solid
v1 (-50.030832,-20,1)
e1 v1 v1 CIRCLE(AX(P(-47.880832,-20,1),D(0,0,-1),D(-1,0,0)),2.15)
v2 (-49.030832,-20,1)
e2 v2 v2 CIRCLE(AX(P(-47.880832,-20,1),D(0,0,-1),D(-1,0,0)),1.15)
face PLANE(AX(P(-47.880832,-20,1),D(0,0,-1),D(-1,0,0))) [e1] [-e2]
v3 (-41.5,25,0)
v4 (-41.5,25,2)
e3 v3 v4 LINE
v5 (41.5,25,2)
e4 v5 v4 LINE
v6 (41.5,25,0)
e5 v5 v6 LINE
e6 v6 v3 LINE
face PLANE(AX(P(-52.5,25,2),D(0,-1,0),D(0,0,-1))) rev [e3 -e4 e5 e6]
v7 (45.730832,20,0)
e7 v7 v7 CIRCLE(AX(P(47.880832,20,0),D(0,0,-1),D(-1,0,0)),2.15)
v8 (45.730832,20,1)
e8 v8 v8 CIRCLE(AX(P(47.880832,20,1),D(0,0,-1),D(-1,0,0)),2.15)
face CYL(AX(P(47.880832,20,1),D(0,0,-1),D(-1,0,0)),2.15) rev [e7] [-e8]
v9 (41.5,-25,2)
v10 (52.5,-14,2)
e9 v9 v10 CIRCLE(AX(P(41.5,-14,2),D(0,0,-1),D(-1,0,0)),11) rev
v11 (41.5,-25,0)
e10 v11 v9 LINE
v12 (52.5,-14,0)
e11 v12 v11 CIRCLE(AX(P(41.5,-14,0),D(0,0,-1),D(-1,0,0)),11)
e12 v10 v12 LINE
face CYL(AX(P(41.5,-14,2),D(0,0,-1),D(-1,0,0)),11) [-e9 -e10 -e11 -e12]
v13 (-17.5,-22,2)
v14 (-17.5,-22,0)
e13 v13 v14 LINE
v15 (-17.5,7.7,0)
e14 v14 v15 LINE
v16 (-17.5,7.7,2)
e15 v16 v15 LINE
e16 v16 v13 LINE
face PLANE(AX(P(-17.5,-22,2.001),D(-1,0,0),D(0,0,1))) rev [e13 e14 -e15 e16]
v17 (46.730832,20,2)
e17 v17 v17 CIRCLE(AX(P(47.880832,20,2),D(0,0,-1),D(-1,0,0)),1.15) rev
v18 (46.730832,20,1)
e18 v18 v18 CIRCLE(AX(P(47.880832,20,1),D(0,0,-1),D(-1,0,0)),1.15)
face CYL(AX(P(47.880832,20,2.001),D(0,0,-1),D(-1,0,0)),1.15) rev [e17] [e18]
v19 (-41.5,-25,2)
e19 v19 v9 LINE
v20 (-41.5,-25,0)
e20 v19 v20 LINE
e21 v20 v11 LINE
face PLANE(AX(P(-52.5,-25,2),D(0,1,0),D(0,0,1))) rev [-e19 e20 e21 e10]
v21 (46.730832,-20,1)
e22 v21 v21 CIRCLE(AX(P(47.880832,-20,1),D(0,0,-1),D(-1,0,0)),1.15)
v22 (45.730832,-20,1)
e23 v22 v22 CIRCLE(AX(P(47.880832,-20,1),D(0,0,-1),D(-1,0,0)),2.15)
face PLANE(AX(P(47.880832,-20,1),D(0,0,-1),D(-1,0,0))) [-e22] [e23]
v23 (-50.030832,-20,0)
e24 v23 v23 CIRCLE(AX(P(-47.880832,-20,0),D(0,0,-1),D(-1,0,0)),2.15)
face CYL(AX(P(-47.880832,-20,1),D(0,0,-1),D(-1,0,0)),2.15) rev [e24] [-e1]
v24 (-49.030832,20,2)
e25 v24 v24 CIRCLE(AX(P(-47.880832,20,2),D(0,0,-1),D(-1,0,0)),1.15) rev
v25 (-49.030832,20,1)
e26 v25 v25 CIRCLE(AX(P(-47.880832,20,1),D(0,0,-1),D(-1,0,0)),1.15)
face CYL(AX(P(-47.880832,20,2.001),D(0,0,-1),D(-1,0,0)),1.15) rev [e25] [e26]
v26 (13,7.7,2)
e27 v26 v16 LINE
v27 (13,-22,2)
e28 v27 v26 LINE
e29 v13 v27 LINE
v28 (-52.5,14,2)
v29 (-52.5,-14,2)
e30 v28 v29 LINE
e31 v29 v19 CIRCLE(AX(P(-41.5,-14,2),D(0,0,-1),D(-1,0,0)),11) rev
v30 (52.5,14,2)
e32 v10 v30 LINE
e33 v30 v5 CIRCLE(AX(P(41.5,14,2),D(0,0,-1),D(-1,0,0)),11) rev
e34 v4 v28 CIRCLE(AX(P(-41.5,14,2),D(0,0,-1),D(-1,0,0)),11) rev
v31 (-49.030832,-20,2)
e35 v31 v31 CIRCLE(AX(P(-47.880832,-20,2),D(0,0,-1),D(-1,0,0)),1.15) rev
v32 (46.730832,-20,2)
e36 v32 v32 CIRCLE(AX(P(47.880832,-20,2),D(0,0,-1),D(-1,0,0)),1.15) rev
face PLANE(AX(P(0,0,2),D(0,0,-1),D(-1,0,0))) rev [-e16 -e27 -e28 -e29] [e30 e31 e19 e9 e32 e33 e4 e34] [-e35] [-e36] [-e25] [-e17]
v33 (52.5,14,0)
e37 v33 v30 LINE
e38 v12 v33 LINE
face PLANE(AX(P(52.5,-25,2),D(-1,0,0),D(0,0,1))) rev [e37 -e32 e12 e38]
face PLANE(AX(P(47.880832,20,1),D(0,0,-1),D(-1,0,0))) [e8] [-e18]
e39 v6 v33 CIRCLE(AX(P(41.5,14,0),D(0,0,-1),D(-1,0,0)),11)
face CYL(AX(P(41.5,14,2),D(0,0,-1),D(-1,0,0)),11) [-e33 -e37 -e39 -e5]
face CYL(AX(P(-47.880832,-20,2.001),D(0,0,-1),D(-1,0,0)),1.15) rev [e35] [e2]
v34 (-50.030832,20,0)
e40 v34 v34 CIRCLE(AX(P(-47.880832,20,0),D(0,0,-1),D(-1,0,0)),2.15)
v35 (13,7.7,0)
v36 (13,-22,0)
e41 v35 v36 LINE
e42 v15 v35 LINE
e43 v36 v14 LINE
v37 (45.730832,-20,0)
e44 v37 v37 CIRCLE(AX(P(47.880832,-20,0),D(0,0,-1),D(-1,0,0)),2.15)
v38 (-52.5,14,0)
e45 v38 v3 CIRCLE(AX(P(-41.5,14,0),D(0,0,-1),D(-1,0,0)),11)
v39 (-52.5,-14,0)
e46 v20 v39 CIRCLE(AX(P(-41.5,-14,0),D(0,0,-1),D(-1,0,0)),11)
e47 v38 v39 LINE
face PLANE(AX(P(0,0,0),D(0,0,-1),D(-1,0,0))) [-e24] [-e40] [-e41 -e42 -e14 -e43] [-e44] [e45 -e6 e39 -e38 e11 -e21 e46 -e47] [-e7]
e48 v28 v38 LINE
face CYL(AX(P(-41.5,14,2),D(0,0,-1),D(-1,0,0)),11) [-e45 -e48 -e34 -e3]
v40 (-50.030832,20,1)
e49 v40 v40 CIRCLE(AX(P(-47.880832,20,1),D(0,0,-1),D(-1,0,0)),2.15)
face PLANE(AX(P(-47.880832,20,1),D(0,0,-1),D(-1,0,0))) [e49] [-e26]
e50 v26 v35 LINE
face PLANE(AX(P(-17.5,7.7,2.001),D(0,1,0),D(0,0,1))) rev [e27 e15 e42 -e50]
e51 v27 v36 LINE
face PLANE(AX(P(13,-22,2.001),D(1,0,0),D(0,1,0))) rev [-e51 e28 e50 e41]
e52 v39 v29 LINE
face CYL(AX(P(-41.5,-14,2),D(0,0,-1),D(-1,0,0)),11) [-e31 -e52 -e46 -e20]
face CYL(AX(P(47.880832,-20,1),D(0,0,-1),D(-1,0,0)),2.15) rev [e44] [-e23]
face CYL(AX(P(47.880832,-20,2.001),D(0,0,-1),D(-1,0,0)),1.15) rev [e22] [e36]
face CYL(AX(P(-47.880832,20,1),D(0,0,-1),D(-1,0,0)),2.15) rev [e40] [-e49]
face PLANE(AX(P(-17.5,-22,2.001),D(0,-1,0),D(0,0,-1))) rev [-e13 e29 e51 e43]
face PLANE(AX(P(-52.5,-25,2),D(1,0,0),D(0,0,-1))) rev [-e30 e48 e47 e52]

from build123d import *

# Parameters (mm, degrees)
SKETCH_1_W          = 105
SKETCH_1_H          = 50
EXTRUDE_1_DEPTH     = 2
FILLET_1_R          = 11
SKETCH_3_R          = 2.15
CUT_EXTRUDE_1_DEPTH = 1
CUT_EXTRUDE_2_REACH = 60.157
SKETCH_4_R          = 1.15
CUT_EXTRUDE_3_REACH = 60.183
SKETCH_5_W          = 30.5
SKETCH_5_H          = 29.7


with BuildPart() as part:
    # 草图1 → 凸台-拉伸1 (new body)
    with BuildSketch(Plane.XY):
        Rectangle(SKETCH_1_W, SKETCH_1_H)
    extrude(amount=EXTRUDE_1_DEPTH)

    # 圆角1
    fillet_1_edges = [part.edges().sort_by_distance(p)[0] for p in [
        (52.5, -25, 1),
        (-52.5, -25, 1),
        (-52.5, 25, 1),
        (52.5, 25, 1),
    ]]
    fillet(fillet_1_edges, radius=FILLET_1_R)

    # 草图3 → 切除-拉伸1 (cut)
    with BuildSketch(Plane(origin=(0, 0, 0), x_dir=(-1, 0, 0), z_dir=(0, 0, -1))):
        with Locations((47.88083152, -20)):
            Circle(SKETCH_3_R)
        with Locations((47.88083152, 20)):
            Circle(SKETCH_3_R)
        with Locations((-47.88083152, 20)):
            Circle(SKETCH_3_R)
        with Locations((-47.88083152, -20)):
            Circle(SKETCH_3_R)
    extrude(amount=-CUT_EXTRUDE_1_DEPTH, mode=Mode.SUBTRACT)

    # 草图4 → 切除-拉伸2 (cut, up to next)
    with BuildSketch(Plane(origin=(0, 0, 1), x_dir=(-1, 0, 0), z_dir=(0, 0, -1)), mode=Mode.PRIVATE) as cut_extrude_2_sk1:
        with Locations((47.88083152, -20)):
            Circle(SKETCH_4_R)
    cut_extrude_2_tool1 = extrude(cut_extrude_2_sk1.sketch, amount=-CUT_EXTRUDE_2_REACH, mode=Mode.PRIVATE) & part.part
    # 草图4 → 切除-拉伸2 (cut, up to next)
    with BuildSketch(Plane(origin=(0, 0, 1), x_dir=(-1, 0, 0), z_dir=(0, 0, -1)), mode=Mode.PRIVATE) as cut_extrude_2_sk2:
        with Locations((-47.88083152, -20)):
            Circle(SKETCH_4_R)
    cut_extrude_2_tool2 = extrude(cut_extrude_2_sk2.sketch, amount=-CUT_EXTRUDE_2_REACH, mode=Mode.PRIVATE) & part.part
    # 草图4 → 切除-拉伸2 (cut, up to next)
    with BuildSketch(Plane(origin=(0, 0, 1), x_dir=(-1, 0, 0), z_dir=(0, 0, -1)), mode=Mode.PRIVATE) as cut_extrude_2_sk3:
        with Locations((47.88083152, 20)):
            Circle(SKETCH_4_R)
    cut_extrude_2_tool3 = extrude(cut_extrude_2_sk3.sketch, amount=-CUT_EXTRUDE_2_REACH, mode=Mode.PRIVATE) & part.part
    # 草图4 → 切除-拉伸2 (cut, up to next)
    with BuildSketch(Plane(origin=(0, 0, 1), x_dir=(-1, 0, 0), z_dir=(0, 0, -1)), mode=Mode.PRIVATE) as cut_extrude_2_sk4:
        with Locations((-47.88083152, 20)):
            Circle(SKETCH_4_R)
    cut_extrude_2_tool4 = extrude(cut_extrude_2_sk4.sketch, amount=-CUT_EXTRUDE_2_REACH, mode=Mode.PRIVATE) & part.part
    add(cut_extrude_2_tool1.solids().sort_by_distance((-47.880832, -20, 1))[0], mode=Mode.SUBTRACT)
    add(cut_extrude_2_tool2.solids().sort_by_distance((47.880832, -20, 1))[0], mode=Mode.SUBTRACT)
    add(cut_extrude_2_tool3.solids().sort_by_distance((-47.880832, 20, 1))[0], mode=Mode.SUBTRACT)
    add(cut_extrude_2_tool4.solids().sort_by_distance((47.880832, 20, 1))[0], mode=Mode.SUBTRACT)

    # 草图5 → 切除-拉伸3 (cut, up to next)
    with BuildSketch(Plane(origin=(0, 0, 0), x_dir=(-1, 0, 0), z_dir=(0, 0, -1)), mode=Mode.PRIVATE) as cut_extrude_3_sk1:
        with Locations((2.25, -7.15)):
            Rectangle(SKETCH_5_W, SKETCH_5_H)
    cut_extrude_3_tool1 = extrude(cut_extrude_3_sk1.sketch, amount=-CUT_EXTRUDE_3_REACH, mode=Mode.PRIVATE) & part.part
    add(cut_extrude_3_tool1.solids().sort_by_distance((-2.25, -7.15, 0))[0], mode=Mode.SUBTRACT)


solid = part.part
